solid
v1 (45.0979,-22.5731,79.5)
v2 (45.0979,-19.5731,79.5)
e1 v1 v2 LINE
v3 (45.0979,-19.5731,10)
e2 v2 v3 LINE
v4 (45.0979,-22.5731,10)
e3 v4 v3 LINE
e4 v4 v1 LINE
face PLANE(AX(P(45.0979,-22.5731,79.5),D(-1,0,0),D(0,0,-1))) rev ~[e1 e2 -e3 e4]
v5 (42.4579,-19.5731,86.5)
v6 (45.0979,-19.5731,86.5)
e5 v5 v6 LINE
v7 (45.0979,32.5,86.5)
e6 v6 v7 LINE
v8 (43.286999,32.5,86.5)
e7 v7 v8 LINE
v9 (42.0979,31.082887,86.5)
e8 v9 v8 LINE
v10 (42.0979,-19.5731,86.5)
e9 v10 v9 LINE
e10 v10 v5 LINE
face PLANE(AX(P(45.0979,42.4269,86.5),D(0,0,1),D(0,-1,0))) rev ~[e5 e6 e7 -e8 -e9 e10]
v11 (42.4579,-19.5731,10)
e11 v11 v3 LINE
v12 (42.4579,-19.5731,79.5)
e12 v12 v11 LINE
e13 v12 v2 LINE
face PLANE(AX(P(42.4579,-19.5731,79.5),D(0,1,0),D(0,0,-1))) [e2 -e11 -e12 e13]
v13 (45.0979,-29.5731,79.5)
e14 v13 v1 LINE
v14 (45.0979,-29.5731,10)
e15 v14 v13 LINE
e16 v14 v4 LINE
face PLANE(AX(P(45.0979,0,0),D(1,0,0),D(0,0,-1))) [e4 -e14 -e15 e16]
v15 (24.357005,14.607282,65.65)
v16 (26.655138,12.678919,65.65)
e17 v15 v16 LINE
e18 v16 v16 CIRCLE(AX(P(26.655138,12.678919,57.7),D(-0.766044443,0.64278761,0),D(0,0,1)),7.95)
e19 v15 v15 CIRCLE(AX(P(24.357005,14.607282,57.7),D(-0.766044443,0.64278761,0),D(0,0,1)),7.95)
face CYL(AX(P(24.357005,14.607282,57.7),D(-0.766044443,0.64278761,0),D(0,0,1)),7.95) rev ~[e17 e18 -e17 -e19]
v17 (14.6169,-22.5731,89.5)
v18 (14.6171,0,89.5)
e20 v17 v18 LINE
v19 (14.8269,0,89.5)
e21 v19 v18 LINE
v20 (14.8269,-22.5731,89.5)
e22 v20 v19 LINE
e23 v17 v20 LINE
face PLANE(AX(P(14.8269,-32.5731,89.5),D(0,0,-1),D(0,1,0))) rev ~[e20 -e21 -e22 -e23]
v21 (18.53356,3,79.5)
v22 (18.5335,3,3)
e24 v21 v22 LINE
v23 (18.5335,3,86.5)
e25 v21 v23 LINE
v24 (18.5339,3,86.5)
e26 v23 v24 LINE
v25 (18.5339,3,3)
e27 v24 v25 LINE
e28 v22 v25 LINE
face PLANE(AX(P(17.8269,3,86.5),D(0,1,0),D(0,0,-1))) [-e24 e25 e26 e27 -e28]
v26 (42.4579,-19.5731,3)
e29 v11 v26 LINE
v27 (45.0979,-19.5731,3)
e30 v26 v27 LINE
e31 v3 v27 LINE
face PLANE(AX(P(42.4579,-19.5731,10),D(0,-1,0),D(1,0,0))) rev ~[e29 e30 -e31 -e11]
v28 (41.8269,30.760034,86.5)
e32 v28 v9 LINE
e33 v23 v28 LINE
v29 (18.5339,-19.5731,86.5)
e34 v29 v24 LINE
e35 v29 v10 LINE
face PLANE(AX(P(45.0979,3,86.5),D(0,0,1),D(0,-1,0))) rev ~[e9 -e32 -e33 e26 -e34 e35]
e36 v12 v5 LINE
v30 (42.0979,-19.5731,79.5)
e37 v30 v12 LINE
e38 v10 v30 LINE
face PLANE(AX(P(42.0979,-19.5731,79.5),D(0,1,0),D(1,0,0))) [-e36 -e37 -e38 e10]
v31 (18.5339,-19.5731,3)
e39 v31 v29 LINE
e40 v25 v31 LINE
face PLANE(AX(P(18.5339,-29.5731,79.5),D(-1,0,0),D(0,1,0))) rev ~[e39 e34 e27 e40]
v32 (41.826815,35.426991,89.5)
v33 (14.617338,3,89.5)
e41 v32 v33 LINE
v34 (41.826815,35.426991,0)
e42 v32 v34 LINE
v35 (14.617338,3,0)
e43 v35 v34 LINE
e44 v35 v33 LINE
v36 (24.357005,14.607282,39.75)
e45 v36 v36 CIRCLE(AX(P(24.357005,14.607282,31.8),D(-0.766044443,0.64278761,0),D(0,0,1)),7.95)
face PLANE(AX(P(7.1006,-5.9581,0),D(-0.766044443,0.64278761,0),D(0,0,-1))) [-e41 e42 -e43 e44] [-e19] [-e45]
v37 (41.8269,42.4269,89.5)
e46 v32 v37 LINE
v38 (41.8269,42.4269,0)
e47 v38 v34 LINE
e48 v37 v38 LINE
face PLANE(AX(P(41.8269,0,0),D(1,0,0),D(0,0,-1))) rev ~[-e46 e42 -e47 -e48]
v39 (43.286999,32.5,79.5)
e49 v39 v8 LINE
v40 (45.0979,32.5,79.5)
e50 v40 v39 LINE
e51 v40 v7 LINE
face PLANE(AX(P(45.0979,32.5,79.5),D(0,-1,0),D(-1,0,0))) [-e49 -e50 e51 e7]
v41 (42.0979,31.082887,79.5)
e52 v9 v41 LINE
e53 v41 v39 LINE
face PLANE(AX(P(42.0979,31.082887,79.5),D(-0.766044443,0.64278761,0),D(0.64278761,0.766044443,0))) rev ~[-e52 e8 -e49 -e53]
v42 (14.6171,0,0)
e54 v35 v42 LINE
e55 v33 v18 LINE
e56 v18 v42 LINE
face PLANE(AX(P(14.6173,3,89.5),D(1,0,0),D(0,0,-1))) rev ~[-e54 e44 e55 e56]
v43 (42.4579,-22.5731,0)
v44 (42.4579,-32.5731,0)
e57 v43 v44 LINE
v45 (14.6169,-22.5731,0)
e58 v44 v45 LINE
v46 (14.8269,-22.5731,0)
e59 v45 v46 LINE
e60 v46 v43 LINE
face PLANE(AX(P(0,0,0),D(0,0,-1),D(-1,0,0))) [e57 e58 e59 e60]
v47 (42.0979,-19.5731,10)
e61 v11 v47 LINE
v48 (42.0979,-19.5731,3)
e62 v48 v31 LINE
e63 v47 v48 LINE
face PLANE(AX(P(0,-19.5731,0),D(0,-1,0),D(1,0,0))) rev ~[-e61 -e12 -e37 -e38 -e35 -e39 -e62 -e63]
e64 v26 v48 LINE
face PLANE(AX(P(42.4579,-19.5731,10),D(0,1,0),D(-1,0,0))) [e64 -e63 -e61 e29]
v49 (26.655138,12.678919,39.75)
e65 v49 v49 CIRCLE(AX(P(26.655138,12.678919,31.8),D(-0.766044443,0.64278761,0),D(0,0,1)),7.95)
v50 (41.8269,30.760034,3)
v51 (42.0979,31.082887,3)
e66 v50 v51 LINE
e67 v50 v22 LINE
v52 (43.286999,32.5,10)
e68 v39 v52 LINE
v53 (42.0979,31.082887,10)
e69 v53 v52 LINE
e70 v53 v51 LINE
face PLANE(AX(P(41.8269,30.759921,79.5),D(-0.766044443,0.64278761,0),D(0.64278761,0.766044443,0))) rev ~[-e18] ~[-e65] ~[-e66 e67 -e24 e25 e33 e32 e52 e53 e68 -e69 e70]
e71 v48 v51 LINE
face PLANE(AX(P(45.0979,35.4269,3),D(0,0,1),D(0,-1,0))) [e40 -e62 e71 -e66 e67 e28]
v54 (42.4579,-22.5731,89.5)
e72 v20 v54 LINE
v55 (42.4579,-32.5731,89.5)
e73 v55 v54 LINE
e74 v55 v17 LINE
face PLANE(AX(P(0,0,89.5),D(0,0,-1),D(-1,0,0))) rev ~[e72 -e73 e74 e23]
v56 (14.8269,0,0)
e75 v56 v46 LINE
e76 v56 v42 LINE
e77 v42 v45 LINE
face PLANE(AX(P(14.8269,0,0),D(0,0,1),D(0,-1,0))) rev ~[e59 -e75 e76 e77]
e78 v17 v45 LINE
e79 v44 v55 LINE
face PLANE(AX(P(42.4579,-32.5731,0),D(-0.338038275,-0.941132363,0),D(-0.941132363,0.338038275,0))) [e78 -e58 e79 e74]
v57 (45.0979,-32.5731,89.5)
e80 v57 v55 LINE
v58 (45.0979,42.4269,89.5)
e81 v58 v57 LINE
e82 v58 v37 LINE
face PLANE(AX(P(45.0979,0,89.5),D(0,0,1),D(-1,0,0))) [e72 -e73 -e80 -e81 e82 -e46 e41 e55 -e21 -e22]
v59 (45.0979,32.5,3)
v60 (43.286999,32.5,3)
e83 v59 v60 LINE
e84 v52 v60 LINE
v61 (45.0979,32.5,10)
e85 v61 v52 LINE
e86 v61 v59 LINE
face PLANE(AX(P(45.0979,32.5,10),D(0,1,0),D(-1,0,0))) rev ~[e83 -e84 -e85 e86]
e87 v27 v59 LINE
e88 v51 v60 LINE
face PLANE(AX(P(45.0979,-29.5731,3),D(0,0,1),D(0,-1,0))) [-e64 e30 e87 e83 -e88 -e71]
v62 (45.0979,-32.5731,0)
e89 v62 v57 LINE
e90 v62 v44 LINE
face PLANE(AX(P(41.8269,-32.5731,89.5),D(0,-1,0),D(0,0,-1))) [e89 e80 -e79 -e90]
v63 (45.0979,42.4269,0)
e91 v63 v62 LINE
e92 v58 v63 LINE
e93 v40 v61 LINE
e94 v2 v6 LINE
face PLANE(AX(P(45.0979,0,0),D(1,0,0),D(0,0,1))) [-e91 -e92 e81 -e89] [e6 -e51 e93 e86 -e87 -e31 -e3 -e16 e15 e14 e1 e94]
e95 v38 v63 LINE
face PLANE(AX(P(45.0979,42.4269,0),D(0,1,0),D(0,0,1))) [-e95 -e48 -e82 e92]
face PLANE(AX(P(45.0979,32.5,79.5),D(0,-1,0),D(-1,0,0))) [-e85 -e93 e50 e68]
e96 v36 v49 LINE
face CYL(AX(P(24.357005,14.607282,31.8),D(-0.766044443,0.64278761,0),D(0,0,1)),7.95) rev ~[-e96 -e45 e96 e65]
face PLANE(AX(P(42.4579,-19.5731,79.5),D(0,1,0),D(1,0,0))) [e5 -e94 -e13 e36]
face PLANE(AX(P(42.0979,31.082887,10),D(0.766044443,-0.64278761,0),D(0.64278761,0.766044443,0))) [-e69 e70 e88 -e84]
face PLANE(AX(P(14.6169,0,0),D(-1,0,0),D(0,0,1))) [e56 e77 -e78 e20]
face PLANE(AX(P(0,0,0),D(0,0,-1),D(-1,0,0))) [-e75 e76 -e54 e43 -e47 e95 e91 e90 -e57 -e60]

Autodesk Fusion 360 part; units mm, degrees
sketch "Boceto1" plane through (0, 0, 0) normal (0, 1, 0) x (1, 0, 0)
  line L0 (0, 0) -> (45.0979, 0)
  line L1 (45.0979, 0) -> (45.0979, -89.5)
  line L2 (45.0979, -89.5) -> (0, -89.5)
  line L3 (0, -89.5) -> (0, 0)
  dimension "d1" = 89.5
extrude "Extruir1" add sketch "Boceto1" along normal blind 3
sketch "Boceto2" plane through (0, 0, 0) normal (0, -1, 0) x (1, 0, 0)
  line L0 (45.0979, 89.5) -> (0, 89.5)
  line L1 (0, 89.5) -> (0, 0)
  line L2 (0, 0) -> (45.0979, 0)
  line L3 (45.0979, 0) -> (45.0979, 89.5)
  line L4 (0, 0) -> (12.1, 0)
  line L5 (12.1, 89.5) -> (0, 89.5)
  line L6 (0, 89.5) -> (0, 0)
  point P0 (12.1, 0)
  point P1 (12.1, 89.5)
ref_plane "PlanoDeObra1" through (12.1, 0, 44.75) normal (-0.7071, 0.7071, 0) x (0, 0, -1)
sketch "Boceto3" plane through (45.0979, 0, 0) normal (1, 0, 0) x (0, 0, -1)
  line L0 (-89.5, 0) -> (0, 0)
  line L1 (0, 0) -> (0, 3)
  line L2 (0, 3) -> (-89.5, 3)
  line L3 (-89.5, 3) -> (-89.5, 0)
  line L4 (0, 0) -> (-89.5, 0)
  line L5 (-89.5, 0) -> (-89.5, 35.5)
  line L6 (-89.5, 35.5) -> (0, 35.5)
  line L7 (0, 35.5) -> (0, 0)
  line L8 (-86.5, 3) -> (-86.5, 32.5)
  line L9 (-86.5, 32.5) -> (-3, 32.5)
  line L10 (-3, 32.5) -> (-3, 3)
  line L11 (-3, 3) -> (-86.5, 3)
  dimension "d6" = 89.5
  dimension "d7" = 35.5
  dimension "d8" = 3
extrude "Extruir2" add sketch "Boceto3" against normal blind 3 contours L2 L5 L6 L7 L8 L9 L10
sketch "Boceto4" plane through (6.05, -6.05, 0) normal (-0.7071, 0.7071, 0) x (0, 0, -1)
ref_plane "PlanoDeObra2" through (12.1, 0, 44.75) normal (-0.766, 0.6428, 0) x (0, 0, -1)
sketch "Boceto5" plane through (7.1006, -5.9581, 0) normal (-0.766, 0.6428, 0) x (0, 0, -1)
  line L0 (-89.5, -7.7775) -> (0, -7.7775)
  line L1 (0, -7.7775) -> (0, -54.0244)
  line L2 (0, -54.0244) -> (-89.5, -54.0244)
  line L3 (-89.5, -54.0244) -> (-89.5, -7.7775)
  dimension "d12" = 89.5
extrude "Extruir3" add sketch "Boceto5" against normal blind 3
extrude "Extruir4" cut sketch "Boceto2" along normal blind 3
sketch "Boceto6" plane through (7.1006, -5.9581, 0) normal (-0.766, 0.6428, 0) x (0, 0, 1)
  line L0 (0, 11.694) -> (89.5, 11.694)
  line L1 (89.5, 11.694) -> (89.5, 54.0244)
  line L2 (89.5, 54.0244) -> (0, 54.0244)
  line L3 (0, 54.0244) -> (0, 11.694)
  circle A0 centre (57.7, 26.8462) radius 7.95
  circle A1 centre (31.8, 26.8462) radius 7.95
  dimension "d18" = 15.9
  dimension "d19" = 25.9
  dimension "d20" = 15.9
extrude "Extruir5" cut sketch "Boceto6" against normal blind 3 contours A0 | A1
sketch "Boceto7" plane through (0, 3, 0) normal (0, 1, 0) x (-1, 0, 0)
  line L0 (-14.6173, 89.5) -> (-14.6173, 0)
  line L1 (-14.6173, 0) -> (0, 0)
  line L2 (0, 0) -> (0, 89.5)
  line L3 (0, 89.5) -> (-14.6173, 89.5)
  circle A0 centre (-8, 5) radius 3.25
  circle A1 centre (-7.3086, 84.9016) radius 3.25
  dimension "d23" = 6.5
  dimension "d24" = 6.5
extrude "Extruir6" cut sketch "Boceto7" against normal blind 3 contours A0 | A1
sketch "Boceto8" plane through (0, 0, 89.5) normal (0, 0, 1) x (1, 0, 0)
  line L0 (18.5335, 3) -> (42.0979, 31.083)
  line L1 (42.0979, 31.083) -> (42.0979, 3)
  line L2 (42.0979, 3) -> (18.5335, 3)
  line L3 (12.1, 0) -> (16.0162, 0)
  line L4 (16.0162, 0) -> (45.0979, 0)
  line L5 (45.0979, 0) -> (45.0979, 35.5)
  line L6 (45.0979, 35.5) -> (42.0979, 35.5)
  line L7 (42.0979, 35.5) -> (42.0979, 35.1995)
  line L8 (42.0979, 35.1995) -> (41.8268, 35.427)
  line L9 (41.8268, 35.427) -> (14.6173, 3)
  line L10 (14.6173, 3) -> (0, 3)
  line L11 (0, 3) -> (0, 0)
  line L12 (0, 0) -> (12.1, 0)
  line L13 (18.5335, 3) -> (42.0979, 3)
  line L14 (42.0979, 31.083) -> (18.5335, 3)
extrude "Extruir7" add sketch "Boceto8" against normal blind 3 contours L0 L1 L2 L13 L14
sketch "Boceto9" plane through (0, 0, 0) normal (0, 0, -1) x (-1, 0, 0)
  line L0 (-16.0162, 0) -> (-12.1, 0)
  line L1 (-12.1, 0) -> (0, 0)
  line L2 (0, 0) -> (0, 3)
  line L3 (0, 3) -> (-14.6173, 3)
  line L4 (-14.6173, 3) -> (-41.8268, 35.427)
  line L5 (-41.8268, 35.427) -> (-42.0979, 35.1995)
  line L6 (-42.0979, 35.1995) -> (-42.0979, 35.5)
  line L7 (-42.0979, 35.5) -> (-45.0979, 35.5)
  line L8 (-45.0979, 35.5) -> (-45.0979, 0)
  line L9 (-45.0979, 0) -> (-16.0162, 0)
  line L10 (-18.5335, 3) -> (-42.0979, 3)
  line L11 (-42.0979, 3) -> (-42.0979, 31.083)
  line L12 (-42.0979, 31.083) -> (-18.5335, 3)
  line L13 (-42.0979, 3) -> (-18.5335, 3)
  line L14 (-42.0979, 31.083) -> (-42.0979, 3)
extrude "Extruir8" add sketch "Boceto9" against normal blind 3 contours L10 L11 L12 L13 L14
sketch "Boceto10" plane through (45.0979, 0, 0) normal (1, 0, 0) x (0, 0, -1)
  line L0 (-3, 3) -> (-86.5, 3)
  line L1 (-86.5, 3) -> (-86.5, 32.5)
  line L2 (-86.5, 32.5) -> (-3, 32.5)
  line L3 (-3, 32.5) -> (-3, 3)
  line L4 (0, 0) -> (0, 35.5)
  line L5 (0, 35.5) -> (-89.5, 35.5)
  line L6 (-89.5, 35.5) -> (-89.5, 0)
  line L7 (-89.5, 0) -> (0, 0)
  line L8 (0, 34) -> (-89.5, 34)
  line L9 (-89.5, 34) -> (-89.5, 49.617)
  line L10 (-89.5, 49.617) -> (0, 49.617)
  line L11 (0, 49.617) -> (0, 34)
  dimension "d31" = 89.5
  dimension "d32" = 15.617
extrude "Extruir9" add sketch "Boceto10" against normal blind 3.271 contours L4 L5 L6 L8 L9 L11 | L5 L9 L10 L11
sketch "Boceto11" plane through (41.8269, 0, 0) normal (-1, 0, 0) x (0, 0, 1)
  line L0 (0, 35.4269) -> (89.5, 35.4269)
  line L1 (89.5, 35.4269) -> (89.5, 49.617)
  line L2 (89.5, 49.617) -> (0, 49.617)
  line L3 (0, 49.617) -> (0, 35.4269)
  circle A0 centre (82, 43) radius 3.25
  circle A1 centre (10, 43) radius 3.25
  dimension "d35" = 6.5
  dimension "d36" = 6.5
extrude "Extruir10" cut sketch "Boceto11" against normal blind 3.271 contours A0 | A1
extrude "Extruir11" cut 1 faces at (41.8269, 42.6813, 2.25) along direction (1, 0, 0) blind 3
extrude "Extruir12" cut 1 faces at (44.8269, 42.6813, 2.25) along direction (1, 0, 0) blind 1
sketch "Boceto12" plane through (45.0979, 0, 0) normal (1, 0, 0) x (0, 0, -1)
  line L0 (-3, 3) -> (-86.5, 3)
  line L1 (-86.5, 3) -> (-86.5, 32.5)
  line L2 (-86.5, 32.5) -> (-3, 32.5)
  line L3 (-3, 32.5) -> (-3, 3)
  line L4 (0, 35.4269) -> (-89.5, 35.4269)
  line L5 (-89.5, 35.4269) -> (-89.5, 0)
  line L6 (-89.5, 0) -> (0, 0)
  line L7 (0, 0) -> (0, 35.4269)
  line L8 (0, 35.4269) -> (0, 42.4269)
  line L9 (0, 42.4269) -> (-10, 42.4269)
  line L10 (-10, 42.4269) -> (-10, -32.5731)
  line L11 (-10, -32.5731) -> (0, -32.5731)
  line L12 (0, -32.5731) -> (0, 42.4269)
  dimension "d43" = 7
  dimension "d44" = 10
  dimension "d45" = 75
extrude "Extruir13" add sketch "Boceto12" against normal blind 3.271 contours L0 L2 L3 L4 L6 L7 L10 L12 | L0 L2 L3 L10 | L6 L10 L11 L12 | L4 L8 L9 L10 L12
sketch "Boceto13" plane through (45.0979, 0, 0) normal (1, 0, 0) x (0, 0, -1)
  line L0 (-10, 3) -> (-86.5, 3)
  line L1 (-86.5, 3) -> (-86.5, 32.5)
  line L2 (-86.5, 32.5) -> (-10, 32.5)
  line L3 (-10, 32.5) -> (-10, 3)
  line L4 (0, -32.5731) -> (0, 42.4269)
  line L5 (0, 42.4269) -> (-10, 42.4269)
  line L6 (-10, 42.4269) -> (-10, 35.4269)
  line L7 (-10, 35.4269) -> (-89.5, 35.4269)
  line L8 (-89.5, 35.4269) -> (-89.5, 0)
  line L9 (-89.5, 0) -> (-10, 0)
  line L10 (-10, 0) -> (-10, -32.5731)
  line L11 (-10, -32.5731) -> (0, -32.5731)
  line L12 (-89.5, 35.4269) -> (-89.5, 42.4269)
  line L13 (-89.5, 42.4269) -> (-79.5, 42.4269)
  line L14 (-79.5, 42.4269) -> (-79.5, -32.5731)
  line L15 (-79.5, -32.5731) -> (-89.5, -32.5731)
  line L16 (-89.5, -32.5731) -> (-89.5, 42.4269)
  dimension "d48" = 7
  dimension "d49" = 10
  dimension "d50" = 75
extrude "Extruir14" add sketch "Boceto13" against normal blind 3.271 contours L0 L1 L2 L7 L8 L9 L14 L16 | L0 L1 L2 L14 | L9 L14 L15 L16 | L7 L12 L13 L14 L16
sketch "Boceto14" plane through (45.0979, 0, 0) normal (1, 0, 0) x (0, 0, -1)
  line L0 (-79.5, 0) -> (-10, 0)
  line L1 (-10, 0) -> (-10, -32.5731)
  line L2 (-10, -32.5731) -> (0, -32.5731)
  line L3 (0, -32.5731) -> (0, 42.4269)
  line L4 (0, 42.4269) -> (-10, 42.4269)
  line L5 (-10, 42.4269) -> (-10, 35.4269)
  line L6 (-10, 35.4269) -> (-79.5, 35.4269)
  line L7 (-79.5, 35.4269) -> (-79.5, 42.4269)
  line L8 (-79.5, 42.4269) -> (-89.5, 42.4269)
  line L9 (-89.5, 42.4269) -> (-89.5, -32.5731)
  line L10 (-89.5, -32.5731) -> (-79.5, -32.5731)
  line L11 (-79.5, -32.5731) -> (-79.5, 0)
  line L12 (-79.5, 3) -> (-79.5, 32.5)
  line L13 (-79.5, 32.5) -> (-10, 32.5)
  line L14 (-10, 32.5) -> (-10, 3)
  line L15 (-10, 3) -> (-79.5, 3)
  line L16 (0, -32.5731) -> (-89.5, -32.5731)
  line L17 (-89.5, -32.5731) -> (-89.5, -22.5731)
  line L18 (-89.5, -22.5731) -> (0, -22.5731)
  line L19 (0, -22.5731) -> (0, -32.5731)
  line L20 (-89.5, 42.4269) -> (0, 42.4269)
  line L21 (0, 42.4269) -> (0, 35.4269)
  line L22 (0, 35.4269) -> (-89.5, 35.4269)
  line L23 (-89.5, 35.4269) -> (-89.5, 42.4269)
  dimension "d53" = 10
extrude "Extruir15" add sketch "Boceto14" against normal blind 3.271 contours L1 L11 L16 L18 | L5 L6 L7 L20 L22
sketch "Boceto15" plane through (0, 3, 0) normal (0, 1, 0) x (-1, 0, 0)
  circle A0 centre (-7.3086, 84.9016) radius 3.25
  circle A1 centre (-8, 5) radius 3.25
  line L0 (-14.6173, 89.5) -> (-14.6173, 0)
  line L1 (-14.6173, 0) -> (0, 0)
  line L2 (0, 0) -> (0, 89.5)
  line L3 (0, 89.5) -> (-14.6173, 89.5)
  line L4 (0, 0) -> (-14.6173, 0)
  line L5 (-14.6173, 0) -> (-14.6173, 89.5)
  line L6 (-14.6173, 89.5) -> (0, 89.5)
  line L7 (0, 89.5) -> (0, 0)
extrude "Extruir16" cut sketch "Boceto15" against normal blind 3.271
extrude "Extruir17" add 1 faces at (41.8269, -29.2397, 33.1667) along direction (-1, 0, 0) blind 27
sketch "Boceto16" plane through (14.8269, 0, 0) normal (-1, 0, 0) x (0, 0, 1)
  line L0 (10, 0) -> (0, 0)
  line L1 (0, 0) -> (0, -32.5731)
  line L2 (0, -32.5731) -> (89.5, -32.5731)
  line L3 (89.5, -32.5731) -> (89.5, 0)
  line L4 (89.5, 0) -> (79.5, 0)
  line L5 (79.5, 0) -> (79.5, -22.5731)
  line L6 (79.5, -22.5731) -> (10, -22.5731)
  line L7 (10, -22.5731) -> (10, 0)
  line L8 (10, -22.5731) -> (79.5, -22.5731)
  line L9 (79.5, -22.5731) -> (79.5, 0)
  line L10 (79.5, 0) -> (10, 0)
  line L11 (10, 0) -> (10, -22.5731)
extrude "Extruir18" add sketch "Boceto16" against normal blind 3 contours L5 L6 L7 L8 L9 L10 L11
extrude "Extruir19" cut 1 faces at (36.0076, -22.5731, 56.3333) along direction (0, -1, 0) blind 7
extrude "Extruir20" cut 1 faces at (36.0076, 0, 33.1667) along direction (0, 1, 0) blind 3
extrude "Extruir21" cut 1 faces at (34.9173, -18.7154, 10) along direction (0, 0, -1) blind 7
extrude "Extruir22" cut 1 faces at (34.9173, -18.7154, 79.5) along direction (0, 0, 1) blind 7
sketch "Boceto17" plane through (45.0979, 0, 0) normal (1, 0, 0) x (0, 0, -1)
  line L0 (-89.5, -32.5731) -> (0, -32.5731)
  line L1 (0, -32.5731) -> (0, 42.4269)
  line L2 (0, 42.4269) -> (-89.5, 42.4269)
  line L3 (-89.5, 42.4269) -> (-89.5, -32.5731)
  line L4 (-3, -29.5731) -> (-86.5, -29.5731)
  line L5 (-86.5, -29.5731) -> (-86.5, 32.5)
  line L6 (-86.5, 32.5) -> (-3, 32.5)
  line L7 (-3, 32.5) -> (-3, -29.5731)
  line L8 (0, 42.4269) -> (-10, 42.4269)
  line L9 (-10, 42.4269) -> (-10, -32.5731)
  line L10 (-10, -32.5731) -> (0, -32.5731)
  line L11 (0, -32.5731) -> (0, 42.4269)
  line L12 (-89.5, 42.4269) -> (-79.5, 42.4269)
  line L13 (-79.5, 42.4269) -> (-79.5, -32.5731)
  line L14 (-79.5, -32.5731) -> (-89.5, -32.5731)
  line L15 (-89.5, -32.5731) -> (-89.5, 42.4269)
  dimension "d70" = 10
  dimension "d71" = 75
  dimension "d72" = 10
  dimension "d73" = 75
extrude "Extruir23" add sketch "Boceto17" against normal blind 3 contours L0 L2 L3 L4 L5 L6 L12 L13 L14 L15 | L0 L1 L2 L4 L6 L7 L8 L9 L10 L11 | L4 L5 L6 L13 | L4 L6 L7 L9
extrude "Extruir24" add 1 faces at (17.8269, -18.7154, 58.6667) along direction (1, 0, 0) blind 0.707
extrude "Extruir25" add 1 faces at (14.8269, -10.8577, 59.6667) along direction (-1, 0, 0) blind 0.21
sketch "Boceto18" plane through (45.0979, 0, 0) normal (1, 0, 0) x (0, 0, -1)
  line L0 (-79.5, 32.5) -> (-10, 32.5)
  line L1 (-10, 32.5) -> (-10, -29.5731)
  line L2 (-10, -29.5731) -> (-79.5, -29.5731)
  line L3 (-79.5, -29.5731) -> (-79.5, 32.5)
  line L4 (0, 42.4269) -> (-89.5, 42.4269)
  line L5 (-89.5, 42.4269) -> (-89.5, -32.5731)
  line L6 (-89.5, -32.5731) -> (0, -32.5731)
  line L7 (0, -32.5731) -> (0, 42.4269)
  line L8 (-89.5, -32.5731) -> (0, -32.5731)
  line L9 (0, -32.5731) -> (0, -22.5731)
  line L10 (0, -22.5731) -> (-89.5, -22.5731)
  line L11 (-89.5, -22.5731) -> (-89.5, -32.5731)
  dimension "d80" = 89.5
  dimension "d81" = 10
extrude "Extruir26" add sketch "Boceto18" against normal blind 3 contours L1 L2 L3 L10
sketch "Boceto19" plane through (14.6169, 0, 0) normal (-1, 0, 0) x (0, 0, 1)
  line L0 (89.5, 0) -> (0, 0)
  line L1 (0, 0) -> (0, -32.5731)
  line L2 (0, -32.5731) -> (89.5, -32.5731)
  line L3 (89.5, -32.5731) -> (89.5, 0)
  line L4 (0, -32.5731) -> (89.5, -32.5731)
  line L5 (89.5, -32.5731) -> (89.5, -22.5731)
  line L6 (89.5, -22.5731) -> (0, -22.5731)
  line L7 (0, -22.5731) -> (0, -32.5731)
  dimension "d84" = 89.5
  dimension "d85" = 10
extrude "Extruir27" cut sketch "Boceto19" against normal blind 27.841 contours L1 L2 L3 L4 L5 L6 L7
sketch "Boceto20" plane through (0, -22.5731, 0) normal (0, -1, 0) x (1, 0, 0)
  line L0 (42.0979, 79.5) -> (42.4579, 79.5)
  line L1 (42.4579, 79.5) -> (42.4579, 89.5)
  line L2 (42.4579, 89.5) -> (14.6169, 89.5)
  line L3 (14.6169, 89.5) -> (14.6169, 0)
  line L4 (14.6169, 0) -> (42.4579, 0)
  line L5 (42.4579, 0) -> (42.4579, 10)
  line L6 (42.4579, 10) -> (42.0979, 10)
  line L7 (42.0979, 10) -> (42.0979, 3)
  line L8 (42.0979, 3) -> (18.5339, 3)
  line L9 (18.5339, 3) -> (18.5339, 86.5)
  line L10 (18.5339, 86.5) -> (42.0979, 86.5)
  line L11 (42.0979, 86.5) -> (42.0979, 79.5)
  line L12 (42.4579, 0) -> (18.5339, 0)
  line L13 (18.5339, 0) -> (18.5339, 86.5)
  line L14 (18.5339, 86.5) -> (42.4579, 86.5)
  line L15 (42.4579, 86.5) -> (42.4579, 0)
  line L16 (42.4579, 0) -> (18.5339, 0)
  line L17 (18.5339, 0) -> (18.5339, 86.5)
  line L18 (18.5339, 86.5) -> (42.4579, 86.5)
  line L19 (42.4579, 86.5) -> (42.4579, 0)
extrude "Extruir28" add sketch "Boceto20" against normal blind 3 contours L0 L6 L7 L8 L9 L10 L11 L13 L14 L15 L17 L18 L19
extrude "Extruir29" add 1 faces at (42.4579, -21.5731, 56.3333) along direction (1, 0, 0) blind 2.64
extrude "Extruir30" cut 1 faces at (44.0979, 14.67, 10) along direction (0, 0, -1) blind 7
extrude "Extruir31" cut 1 faces at (44.0979, 14.67, 79.5) along direction (0, 0, 1) blind 7
sketch "Boceto21" plane through (0, 0, 0) normal (0, 0, -1) x (-1, 0, 0)
  line L0 (-42.4579, -32.5731) -> (-42.4579, -22.5731)
  line L1 (-42.4579, -22.5731) -> (-14.6169, -22.5731)
  line L2 (-14.6169, -22.5731) -> (-14.6169, 0)
  line L3 (-14.6169, 0) -> (-14.6173, 0)
  line L4 (-14.6173, 0) -> (-14.6173, 3)
  line L5 (-14.6173, 3) -> (-41.8268, 35.427)
  line L6 (-41.8268, 35.427) -> (-41.8269, 35.4269)
  line L7 (-41.8269, 35.4269) -> (-41.8269, 42.4269)
  line L8 (-41.8269, 42.4269) -> (-45.0979, 42.4269)
  line L9 (-45.0979, 42.4269) -> (-45.0979, -32.5731)
  line L10 (-45.0979, -32.5731) -> (-42.4579, -32.5731)
  line L11 (-42.4579, -32.5731) -> (-14.6169, -22.5731)
  line L12 (-42.4579, -22.5731) -> (-42.4579, -32.5731)
extrude "Extruir32" add sketch "Boceto21" against normal blind 89.5 contours L0 L1 L11 L12
equation "d18 = 7.95 mm + 7.95 mm"
equation "d19 = 7.95 mm + 10 mm + 7.95 mm"
equation "d32 = 14.617 mm + 1 mm"
